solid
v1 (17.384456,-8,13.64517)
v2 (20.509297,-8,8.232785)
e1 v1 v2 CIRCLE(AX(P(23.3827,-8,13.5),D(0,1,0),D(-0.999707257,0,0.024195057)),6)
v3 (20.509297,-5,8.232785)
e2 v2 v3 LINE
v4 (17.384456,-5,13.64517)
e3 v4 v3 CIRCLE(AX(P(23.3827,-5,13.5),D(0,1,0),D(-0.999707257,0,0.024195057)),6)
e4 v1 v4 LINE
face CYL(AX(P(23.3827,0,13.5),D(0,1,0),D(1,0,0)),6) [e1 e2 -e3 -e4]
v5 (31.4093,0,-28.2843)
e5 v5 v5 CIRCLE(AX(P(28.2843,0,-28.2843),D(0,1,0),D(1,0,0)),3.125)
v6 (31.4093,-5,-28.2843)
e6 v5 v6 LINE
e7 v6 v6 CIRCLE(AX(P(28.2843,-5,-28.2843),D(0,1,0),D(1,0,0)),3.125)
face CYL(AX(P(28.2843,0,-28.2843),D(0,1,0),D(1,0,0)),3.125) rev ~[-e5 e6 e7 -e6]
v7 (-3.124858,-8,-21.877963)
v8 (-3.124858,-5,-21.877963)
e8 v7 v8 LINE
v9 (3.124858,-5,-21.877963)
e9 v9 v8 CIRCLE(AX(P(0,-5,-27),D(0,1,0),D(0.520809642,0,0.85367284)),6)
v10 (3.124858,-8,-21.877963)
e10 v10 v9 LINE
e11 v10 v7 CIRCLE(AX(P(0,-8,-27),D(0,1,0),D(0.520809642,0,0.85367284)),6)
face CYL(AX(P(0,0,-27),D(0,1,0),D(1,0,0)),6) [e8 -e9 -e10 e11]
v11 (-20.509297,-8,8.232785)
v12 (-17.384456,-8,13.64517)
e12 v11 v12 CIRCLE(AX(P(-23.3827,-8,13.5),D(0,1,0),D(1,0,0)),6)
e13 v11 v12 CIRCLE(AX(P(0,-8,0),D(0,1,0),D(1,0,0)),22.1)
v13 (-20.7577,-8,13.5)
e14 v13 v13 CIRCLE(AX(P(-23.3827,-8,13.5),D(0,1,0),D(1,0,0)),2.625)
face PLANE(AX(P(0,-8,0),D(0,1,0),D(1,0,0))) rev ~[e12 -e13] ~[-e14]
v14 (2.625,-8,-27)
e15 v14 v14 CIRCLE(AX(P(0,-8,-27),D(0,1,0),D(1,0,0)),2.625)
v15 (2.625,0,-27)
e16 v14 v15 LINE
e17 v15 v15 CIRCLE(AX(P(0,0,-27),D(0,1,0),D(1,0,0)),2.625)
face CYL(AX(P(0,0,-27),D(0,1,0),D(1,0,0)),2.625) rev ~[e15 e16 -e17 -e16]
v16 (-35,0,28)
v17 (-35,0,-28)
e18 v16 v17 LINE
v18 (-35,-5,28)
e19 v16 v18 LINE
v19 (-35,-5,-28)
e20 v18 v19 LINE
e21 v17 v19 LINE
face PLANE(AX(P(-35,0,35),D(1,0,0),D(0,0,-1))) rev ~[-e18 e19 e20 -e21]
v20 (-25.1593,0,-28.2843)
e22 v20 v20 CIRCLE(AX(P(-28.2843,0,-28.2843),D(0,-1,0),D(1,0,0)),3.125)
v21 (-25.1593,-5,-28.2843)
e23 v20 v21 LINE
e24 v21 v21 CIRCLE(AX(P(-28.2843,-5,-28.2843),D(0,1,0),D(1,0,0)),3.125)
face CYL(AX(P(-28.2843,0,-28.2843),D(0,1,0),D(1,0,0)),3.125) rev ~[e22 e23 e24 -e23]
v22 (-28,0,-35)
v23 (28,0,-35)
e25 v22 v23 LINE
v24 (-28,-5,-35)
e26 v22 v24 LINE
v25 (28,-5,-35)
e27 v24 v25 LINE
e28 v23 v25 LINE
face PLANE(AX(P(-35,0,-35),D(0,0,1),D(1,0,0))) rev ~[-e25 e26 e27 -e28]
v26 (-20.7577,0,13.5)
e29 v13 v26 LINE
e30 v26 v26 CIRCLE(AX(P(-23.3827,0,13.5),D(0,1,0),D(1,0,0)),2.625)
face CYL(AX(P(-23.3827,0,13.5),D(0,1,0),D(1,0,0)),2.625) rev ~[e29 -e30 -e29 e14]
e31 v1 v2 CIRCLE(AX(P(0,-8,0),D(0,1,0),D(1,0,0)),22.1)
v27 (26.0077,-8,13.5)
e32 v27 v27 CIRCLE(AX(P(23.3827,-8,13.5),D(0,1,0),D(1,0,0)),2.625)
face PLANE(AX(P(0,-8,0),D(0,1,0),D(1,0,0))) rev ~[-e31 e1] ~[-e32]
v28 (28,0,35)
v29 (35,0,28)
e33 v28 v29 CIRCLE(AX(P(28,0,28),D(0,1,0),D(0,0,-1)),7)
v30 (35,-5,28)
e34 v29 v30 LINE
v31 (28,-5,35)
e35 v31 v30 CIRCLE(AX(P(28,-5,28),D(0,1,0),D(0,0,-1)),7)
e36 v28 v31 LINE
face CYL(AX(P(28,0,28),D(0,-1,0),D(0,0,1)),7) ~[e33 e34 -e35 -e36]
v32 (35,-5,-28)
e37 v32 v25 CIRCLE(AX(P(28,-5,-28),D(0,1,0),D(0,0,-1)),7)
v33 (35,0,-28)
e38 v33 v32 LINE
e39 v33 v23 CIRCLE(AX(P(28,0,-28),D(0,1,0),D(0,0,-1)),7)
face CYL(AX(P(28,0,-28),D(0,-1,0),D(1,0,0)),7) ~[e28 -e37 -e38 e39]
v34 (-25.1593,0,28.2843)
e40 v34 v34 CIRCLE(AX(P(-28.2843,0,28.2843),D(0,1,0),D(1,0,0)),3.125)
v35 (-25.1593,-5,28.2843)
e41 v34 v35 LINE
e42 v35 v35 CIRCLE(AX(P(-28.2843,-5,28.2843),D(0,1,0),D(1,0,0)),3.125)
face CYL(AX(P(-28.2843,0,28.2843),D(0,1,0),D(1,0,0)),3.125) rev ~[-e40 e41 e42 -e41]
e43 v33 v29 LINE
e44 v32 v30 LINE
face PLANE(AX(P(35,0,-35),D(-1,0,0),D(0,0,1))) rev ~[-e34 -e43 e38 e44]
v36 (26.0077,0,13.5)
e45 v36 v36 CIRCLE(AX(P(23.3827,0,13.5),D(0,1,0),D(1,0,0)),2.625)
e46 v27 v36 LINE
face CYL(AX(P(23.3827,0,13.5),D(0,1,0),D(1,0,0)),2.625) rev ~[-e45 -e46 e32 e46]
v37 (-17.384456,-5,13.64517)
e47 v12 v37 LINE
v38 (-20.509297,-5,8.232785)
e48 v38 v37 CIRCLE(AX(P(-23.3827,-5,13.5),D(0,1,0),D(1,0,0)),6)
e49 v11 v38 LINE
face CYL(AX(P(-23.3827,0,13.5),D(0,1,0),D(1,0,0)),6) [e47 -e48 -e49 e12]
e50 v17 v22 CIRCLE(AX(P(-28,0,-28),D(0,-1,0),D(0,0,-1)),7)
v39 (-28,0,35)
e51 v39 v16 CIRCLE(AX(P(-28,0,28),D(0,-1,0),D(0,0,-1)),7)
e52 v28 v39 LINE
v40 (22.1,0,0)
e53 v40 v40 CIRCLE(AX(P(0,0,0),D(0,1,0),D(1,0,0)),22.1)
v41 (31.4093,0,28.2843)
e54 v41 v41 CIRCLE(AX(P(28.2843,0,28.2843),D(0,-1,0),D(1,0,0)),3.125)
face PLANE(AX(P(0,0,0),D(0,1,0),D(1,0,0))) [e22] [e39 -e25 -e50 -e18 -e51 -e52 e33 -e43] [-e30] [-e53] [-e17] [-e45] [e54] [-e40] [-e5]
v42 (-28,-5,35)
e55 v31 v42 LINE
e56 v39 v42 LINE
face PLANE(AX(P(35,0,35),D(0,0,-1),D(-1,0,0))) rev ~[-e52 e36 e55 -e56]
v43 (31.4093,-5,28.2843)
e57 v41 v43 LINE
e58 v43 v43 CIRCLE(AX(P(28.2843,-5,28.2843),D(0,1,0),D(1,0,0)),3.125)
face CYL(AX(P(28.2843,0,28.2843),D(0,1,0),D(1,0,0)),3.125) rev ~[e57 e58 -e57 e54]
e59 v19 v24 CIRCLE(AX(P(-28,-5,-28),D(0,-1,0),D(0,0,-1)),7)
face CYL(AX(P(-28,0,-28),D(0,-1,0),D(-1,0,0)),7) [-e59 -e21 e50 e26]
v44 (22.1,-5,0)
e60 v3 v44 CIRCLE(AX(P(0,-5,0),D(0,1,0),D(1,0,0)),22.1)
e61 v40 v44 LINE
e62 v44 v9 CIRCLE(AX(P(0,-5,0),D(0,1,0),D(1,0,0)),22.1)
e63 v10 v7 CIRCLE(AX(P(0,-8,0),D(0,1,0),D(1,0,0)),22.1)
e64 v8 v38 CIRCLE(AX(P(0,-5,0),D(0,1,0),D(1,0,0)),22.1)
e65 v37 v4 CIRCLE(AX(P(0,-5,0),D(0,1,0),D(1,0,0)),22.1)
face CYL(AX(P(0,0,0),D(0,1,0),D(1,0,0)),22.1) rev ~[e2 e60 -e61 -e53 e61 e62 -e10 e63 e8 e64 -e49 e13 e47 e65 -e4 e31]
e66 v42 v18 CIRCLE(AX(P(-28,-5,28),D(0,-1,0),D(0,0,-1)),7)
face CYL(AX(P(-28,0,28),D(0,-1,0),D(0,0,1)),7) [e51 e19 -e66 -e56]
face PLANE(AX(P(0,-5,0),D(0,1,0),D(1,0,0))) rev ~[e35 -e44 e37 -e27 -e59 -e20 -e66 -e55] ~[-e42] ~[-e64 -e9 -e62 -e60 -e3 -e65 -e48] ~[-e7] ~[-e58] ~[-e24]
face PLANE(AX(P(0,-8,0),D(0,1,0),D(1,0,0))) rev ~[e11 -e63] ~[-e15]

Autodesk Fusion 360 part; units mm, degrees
sketch "Sketch1" plane through (0, 0, 0) normal (0, 1, 0) x (1, 0, 0)
  line L0 (35, -35) -> (-35, -35)
  line L1 (-35, -35) -> (-35, 35)
  line L2 (-35, 35) -> (35, 35)
  line L3 (35, 35) -> (35, -35)
  line L4 (35, -35) -> (-35, 35) construction
  line L5 (-35, -35) -> (35, 35) construction
  dimension "d1" = 70
  dimension "d2" = 70
sketch "Sketch2" plane through (0, 0, 0) normal (0, 1, 0) x (1, 0, 0)
  line L0 (35, -35) -> (-35, 35)
  line L1 (28.2843, -28.2843) -> (-28.2843, -28.2843) construction
  line L2 (-28.2843, -28.2843) -> (-28.2843, 28.2843) construction
  line L3 (-28.2843, 28.2843) -> (28.2843, 28.2843) construction
  line L4 (28.2843, 28.2843) -> (28.2843, -28.2843) construction
  line L5 (28.2843, -28.2843) -> (-28.2843, 28.2843) construction
  line L6 (-28.2843, -28.2843) -> (28.2843, 28.2843) construction
  circle A0 centre (-28.2843, 28.2843) radius 3.125
  circle A1 centre (28.2843, 28.2843) radius 3.125
  circle A2 centre (-28.2843, -28.2843) radius 3.125
  circle A3 centre (28.2843, -28.2843) radius 3.125
  dimension "d6" = 80
  dimension "d7" = 6.25
  dimension "d12" = 6.25
  dimension "d13" = 6.25
  dimension "d14" = 6.25
sketch "Sketch3" plane through (0, 0, 0) normal (0, 1, 0) x (1, 0, 0)
  circle A0 centre (0, 0) radius 22.1
  dimension "d15" = 44.2
sketch "Sketch4" plane through (0, 0, 0) normal (0, 1, 0) x (1, 0, 0)
  circle A0 centre (0, 0) radius 27 construction
  circle A1 centre (0, 27) radius 2.625
  circle A2 centre (0, 27) radius 6
  circle A3 centre (-23.3827, -13.5) radius 2.625
  circle A4 centre (-23.3827, -13.5) radius 6
  circle A5 centre (23.3827, -13.5) radius 2.625
  circle A6 centre (23.3827, -13.5) radius 6
  dimension "d16" = 54
  dimension "d17" = 5.25
  dimension "d20" = 12
  dimension "d22" = 360
extrude "Extrude1" add sketch "Sketch1" against normal blind 5 makes body 1
extrude "Extrude4" add sketch "Sketch4" against normal blind 8 bodies 1
extrude "Extrude5" cut sketch "Sketch4" against normal up to surface (8 mm away) contours A1 | A3 | A5 bodies 1
fillet "Fillet1" radius 7 4 edges at (35, -2.5, 35) (35, -2.5, -35) (-35, -2.5, -35) (-35, -2.5, 35) on bodies 1
copy_body "Body->Comp1" bodies 1 removing the originals makes body 2 in component "Component"
extrude "Extrude1'" cut sketch "Sketch3" sketch "Sketch2" along normal up to surface of sketch 2 end surface through (0, -8, 0) normal (0, -1, 0) offset 0 bodies 2 in component "Component"
component "Component" placed x (1, 0, 0) y (0, 1, 0) z (0, 0, 1) at (0, 0, 0)
